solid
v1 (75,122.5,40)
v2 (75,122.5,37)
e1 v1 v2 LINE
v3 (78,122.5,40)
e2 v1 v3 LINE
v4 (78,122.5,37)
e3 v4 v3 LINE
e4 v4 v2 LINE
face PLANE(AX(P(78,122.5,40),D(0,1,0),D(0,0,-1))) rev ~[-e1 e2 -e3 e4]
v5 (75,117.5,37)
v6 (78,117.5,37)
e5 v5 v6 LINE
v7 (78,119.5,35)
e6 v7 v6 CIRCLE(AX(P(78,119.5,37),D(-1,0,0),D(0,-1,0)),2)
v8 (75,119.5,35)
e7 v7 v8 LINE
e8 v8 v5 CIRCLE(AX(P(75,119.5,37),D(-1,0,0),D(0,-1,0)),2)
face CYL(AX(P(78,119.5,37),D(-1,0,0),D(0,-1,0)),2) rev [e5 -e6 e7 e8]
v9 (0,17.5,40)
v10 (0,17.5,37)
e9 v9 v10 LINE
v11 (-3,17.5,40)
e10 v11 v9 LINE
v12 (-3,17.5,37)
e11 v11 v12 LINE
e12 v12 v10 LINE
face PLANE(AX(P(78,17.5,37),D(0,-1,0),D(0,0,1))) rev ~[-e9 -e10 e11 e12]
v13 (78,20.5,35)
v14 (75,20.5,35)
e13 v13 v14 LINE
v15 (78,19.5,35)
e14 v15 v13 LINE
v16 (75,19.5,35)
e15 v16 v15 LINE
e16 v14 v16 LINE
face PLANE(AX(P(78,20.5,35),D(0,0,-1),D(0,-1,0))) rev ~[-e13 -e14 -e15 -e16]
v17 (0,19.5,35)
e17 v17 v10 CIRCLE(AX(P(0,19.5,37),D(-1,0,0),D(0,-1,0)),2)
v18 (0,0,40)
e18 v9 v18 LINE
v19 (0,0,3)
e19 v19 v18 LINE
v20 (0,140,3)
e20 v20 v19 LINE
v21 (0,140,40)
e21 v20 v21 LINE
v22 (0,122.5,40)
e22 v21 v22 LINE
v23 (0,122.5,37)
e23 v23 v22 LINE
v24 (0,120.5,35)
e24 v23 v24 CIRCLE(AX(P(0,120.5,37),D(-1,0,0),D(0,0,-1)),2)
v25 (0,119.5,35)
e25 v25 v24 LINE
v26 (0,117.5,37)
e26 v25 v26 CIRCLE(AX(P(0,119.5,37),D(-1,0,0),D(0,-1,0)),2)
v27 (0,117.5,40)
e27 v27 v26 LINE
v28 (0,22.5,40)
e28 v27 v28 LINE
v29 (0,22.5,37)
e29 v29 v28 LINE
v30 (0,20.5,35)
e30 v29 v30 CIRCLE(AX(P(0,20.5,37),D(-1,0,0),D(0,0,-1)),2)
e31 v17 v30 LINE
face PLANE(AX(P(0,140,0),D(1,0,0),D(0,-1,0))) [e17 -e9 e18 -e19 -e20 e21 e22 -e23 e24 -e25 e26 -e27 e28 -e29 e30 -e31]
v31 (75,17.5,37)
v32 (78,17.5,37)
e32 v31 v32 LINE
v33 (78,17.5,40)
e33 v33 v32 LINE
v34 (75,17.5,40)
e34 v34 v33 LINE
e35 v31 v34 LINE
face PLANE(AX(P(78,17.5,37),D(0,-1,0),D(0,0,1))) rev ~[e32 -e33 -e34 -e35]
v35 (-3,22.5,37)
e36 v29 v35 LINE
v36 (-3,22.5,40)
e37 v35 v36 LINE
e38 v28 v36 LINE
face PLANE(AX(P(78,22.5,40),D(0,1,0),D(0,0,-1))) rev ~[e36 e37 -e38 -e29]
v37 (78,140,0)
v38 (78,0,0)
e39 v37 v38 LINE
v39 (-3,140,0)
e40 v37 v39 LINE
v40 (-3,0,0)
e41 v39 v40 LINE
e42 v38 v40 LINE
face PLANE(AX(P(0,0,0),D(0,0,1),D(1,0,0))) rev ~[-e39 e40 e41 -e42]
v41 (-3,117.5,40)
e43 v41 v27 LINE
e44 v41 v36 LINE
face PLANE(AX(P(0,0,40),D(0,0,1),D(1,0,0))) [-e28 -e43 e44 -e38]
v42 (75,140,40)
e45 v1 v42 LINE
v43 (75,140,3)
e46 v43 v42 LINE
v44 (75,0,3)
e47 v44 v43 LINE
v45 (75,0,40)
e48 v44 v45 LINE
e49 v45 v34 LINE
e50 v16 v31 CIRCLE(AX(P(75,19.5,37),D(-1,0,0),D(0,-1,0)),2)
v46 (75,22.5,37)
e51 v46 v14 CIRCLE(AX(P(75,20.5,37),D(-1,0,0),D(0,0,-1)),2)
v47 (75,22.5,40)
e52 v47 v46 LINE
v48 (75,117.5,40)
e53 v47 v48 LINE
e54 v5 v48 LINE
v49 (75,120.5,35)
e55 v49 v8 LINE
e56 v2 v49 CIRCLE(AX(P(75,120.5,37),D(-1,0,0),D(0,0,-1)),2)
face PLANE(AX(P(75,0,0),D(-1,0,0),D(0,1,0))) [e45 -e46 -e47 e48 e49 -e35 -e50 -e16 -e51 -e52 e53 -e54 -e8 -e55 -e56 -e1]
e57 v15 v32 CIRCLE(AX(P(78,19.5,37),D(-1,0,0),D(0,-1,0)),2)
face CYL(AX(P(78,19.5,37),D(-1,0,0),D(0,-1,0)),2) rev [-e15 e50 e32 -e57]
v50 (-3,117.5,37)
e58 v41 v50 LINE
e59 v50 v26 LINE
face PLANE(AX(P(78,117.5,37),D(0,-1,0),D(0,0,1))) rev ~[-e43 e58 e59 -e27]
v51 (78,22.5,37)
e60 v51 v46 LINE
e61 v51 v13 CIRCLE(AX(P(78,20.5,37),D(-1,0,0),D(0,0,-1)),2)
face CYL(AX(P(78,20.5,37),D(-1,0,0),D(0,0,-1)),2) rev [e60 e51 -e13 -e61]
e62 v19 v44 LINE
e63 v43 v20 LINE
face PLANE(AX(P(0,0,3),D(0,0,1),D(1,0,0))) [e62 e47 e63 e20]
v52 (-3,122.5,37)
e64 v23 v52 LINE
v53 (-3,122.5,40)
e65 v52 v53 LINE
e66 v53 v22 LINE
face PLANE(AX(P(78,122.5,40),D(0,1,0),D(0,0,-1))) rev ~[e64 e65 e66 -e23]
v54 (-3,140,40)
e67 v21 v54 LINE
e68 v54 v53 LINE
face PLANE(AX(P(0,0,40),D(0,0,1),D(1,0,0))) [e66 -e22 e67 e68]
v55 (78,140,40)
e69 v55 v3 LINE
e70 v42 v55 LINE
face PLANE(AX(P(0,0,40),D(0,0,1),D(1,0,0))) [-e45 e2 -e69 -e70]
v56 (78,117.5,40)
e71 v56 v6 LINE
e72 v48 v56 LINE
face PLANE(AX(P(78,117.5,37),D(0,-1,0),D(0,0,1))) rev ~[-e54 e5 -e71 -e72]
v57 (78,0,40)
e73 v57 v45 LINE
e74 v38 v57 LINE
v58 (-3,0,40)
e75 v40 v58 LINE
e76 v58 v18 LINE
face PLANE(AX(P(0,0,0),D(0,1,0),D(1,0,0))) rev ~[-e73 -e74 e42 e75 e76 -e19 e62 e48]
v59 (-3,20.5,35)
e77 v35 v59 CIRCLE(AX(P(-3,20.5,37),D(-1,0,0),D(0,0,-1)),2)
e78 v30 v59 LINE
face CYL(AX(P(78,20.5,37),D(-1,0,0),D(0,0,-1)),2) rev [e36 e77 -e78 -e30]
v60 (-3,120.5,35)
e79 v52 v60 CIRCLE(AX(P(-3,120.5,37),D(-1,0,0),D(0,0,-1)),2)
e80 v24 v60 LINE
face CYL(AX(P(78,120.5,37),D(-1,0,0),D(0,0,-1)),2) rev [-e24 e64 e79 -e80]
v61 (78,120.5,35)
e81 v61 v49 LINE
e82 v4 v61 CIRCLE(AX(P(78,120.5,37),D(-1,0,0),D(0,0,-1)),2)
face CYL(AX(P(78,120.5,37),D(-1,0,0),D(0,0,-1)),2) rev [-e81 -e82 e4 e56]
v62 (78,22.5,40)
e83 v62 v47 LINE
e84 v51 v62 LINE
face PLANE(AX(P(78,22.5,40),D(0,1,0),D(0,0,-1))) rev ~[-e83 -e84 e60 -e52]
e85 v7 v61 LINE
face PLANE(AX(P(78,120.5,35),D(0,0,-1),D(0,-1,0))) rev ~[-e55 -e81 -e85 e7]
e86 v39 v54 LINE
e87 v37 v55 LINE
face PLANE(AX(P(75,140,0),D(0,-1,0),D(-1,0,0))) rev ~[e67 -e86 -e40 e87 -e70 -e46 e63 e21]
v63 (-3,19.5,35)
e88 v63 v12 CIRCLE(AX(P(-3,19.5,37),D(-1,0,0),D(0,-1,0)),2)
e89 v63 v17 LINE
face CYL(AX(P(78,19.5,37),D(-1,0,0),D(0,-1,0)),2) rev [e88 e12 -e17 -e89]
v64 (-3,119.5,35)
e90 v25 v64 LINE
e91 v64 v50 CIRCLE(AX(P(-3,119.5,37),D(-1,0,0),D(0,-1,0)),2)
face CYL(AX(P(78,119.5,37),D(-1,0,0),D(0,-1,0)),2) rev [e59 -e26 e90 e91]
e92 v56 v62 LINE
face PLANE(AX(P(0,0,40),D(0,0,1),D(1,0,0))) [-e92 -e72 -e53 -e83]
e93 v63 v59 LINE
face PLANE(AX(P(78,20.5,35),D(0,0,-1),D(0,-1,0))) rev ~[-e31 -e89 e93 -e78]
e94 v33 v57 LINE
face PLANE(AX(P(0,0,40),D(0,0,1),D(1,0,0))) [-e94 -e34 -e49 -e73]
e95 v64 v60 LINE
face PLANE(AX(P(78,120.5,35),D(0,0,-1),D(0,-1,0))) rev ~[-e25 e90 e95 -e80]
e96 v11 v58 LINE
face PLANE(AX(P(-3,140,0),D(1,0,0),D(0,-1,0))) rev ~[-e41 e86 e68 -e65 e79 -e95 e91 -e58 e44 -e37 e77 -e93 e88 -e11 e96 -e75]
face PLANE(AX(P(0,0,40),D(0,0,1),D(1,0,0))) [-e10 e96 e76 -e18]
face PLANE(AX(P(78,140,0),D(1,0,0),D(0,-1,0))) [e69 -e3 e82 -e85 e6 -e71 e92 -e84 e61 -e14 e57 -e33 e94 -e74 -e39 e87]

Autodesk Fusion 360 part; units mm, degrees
sketch "Sketch1" plane through (0, 0, 0) normal (0, 0, 1) x (1, 0, 0)
  line L0 (0, 0) -> (75, 0)
  line L1 (75, 0) -> (75, 140)
  line L2 (75, 140) -> (0, 140)
  line L3 (0, 140) -> (0, 0)
  line L4 (0, 140) -> (-3, 140)
  line L5 (-3, 140) -> (-3, 0)
  line L6 (-3, 0) -> (0, 0)
  line L7 (0, 0) -> (0, 140)
  line L8 (75, 140) -> (78, 140)
  line L9 (78, 140) -> (78, 0)
  line L10 (78, 0) -> (75, 0)
  line L11 (75, 0) -> (75, 140)
  dimension "d1" = 140
  dimension "d2" = 75
  dimension "d3" = 3
  dimension "d4" = 3
extrude "Extrude1" add sketch "Sketch1" along normal blind 3 contours L0 L1 L2 L3 L7 L11
sketch "Sketch2" plane through (0, 0, 0) normal (0, 0, 1) x (1, 0, 0)
extrude "Extrude2" add sketch "Sketch1" along normal blind 40 contours L3 L4 L5 L6 L7 | L1 L8 L9 L10 L11
sketch "Sketch3" plane through (78, 0, 0) normal (1, 0, 0) x (0, 1, 0)
  line L0 (0, 0) -> (140, 0)
  line L1 (140, 0) -> (140, 40)
  line L2 (140, 40) -> (0, 40)
  line L3 (0, 40) -> (0, 0)
  line L4 (140, 0) -> (0, 0)
  line L5 (70, 40) -> (70, 0) construction
  line L6 (17.5, 40) -> (22.5, 40)
  line L7 (22.5, 40) -> (22.5, 37)
  line L8 (20.5, 35) -> (19.5, 35)
  line L9 (17.5, 37) -> (17.5, 40)
  arc A0 (17.5, 37) -> (19.5, 35) centre (19.5, 37) ccw
  arc A1 (20.5, 35) -> (22.5, 37) centre (20.5, 37) ccw
  line L10 (20, 40) -> (20, 35) construction
  line L11 (117.5, 40) -> (122.5, 40)
  line L12 (122.5, 40) -> (122.5, 37)
  line L13 (120.5, 35) -> (119.5, 35)
  line L14 (117.5, 37) -> (117.5, 40)
  arc A2 (117.5, 37) -> (119.5, 35) centre (119.5, 37) ccw
  arc A3 (120.5, 35) -> (122.5, 37) centre (120.5, 37) ccw
  line L15 (120, 35) -> (120, 40) construction
  point P0 (17.5, 35)
  point P1 (117.5, 35)
  dimension "d18" = 5
  dimension "d19" = 5
  dimension "d20" = 2
  dimension "d21" = 2
  dimension "d23" = 5
  dimension "d24" = 2
  dimension "d25" = 2
  dimension "d26" = 5
  dimension "d27" = 100
extrude "Extrude3" cut sketch "Sketch3" along normal mid plane 200 contours L2 L6 L7 L8 L9 A0 A1 | L2 L11 L12 L13 L14 A2 A3
